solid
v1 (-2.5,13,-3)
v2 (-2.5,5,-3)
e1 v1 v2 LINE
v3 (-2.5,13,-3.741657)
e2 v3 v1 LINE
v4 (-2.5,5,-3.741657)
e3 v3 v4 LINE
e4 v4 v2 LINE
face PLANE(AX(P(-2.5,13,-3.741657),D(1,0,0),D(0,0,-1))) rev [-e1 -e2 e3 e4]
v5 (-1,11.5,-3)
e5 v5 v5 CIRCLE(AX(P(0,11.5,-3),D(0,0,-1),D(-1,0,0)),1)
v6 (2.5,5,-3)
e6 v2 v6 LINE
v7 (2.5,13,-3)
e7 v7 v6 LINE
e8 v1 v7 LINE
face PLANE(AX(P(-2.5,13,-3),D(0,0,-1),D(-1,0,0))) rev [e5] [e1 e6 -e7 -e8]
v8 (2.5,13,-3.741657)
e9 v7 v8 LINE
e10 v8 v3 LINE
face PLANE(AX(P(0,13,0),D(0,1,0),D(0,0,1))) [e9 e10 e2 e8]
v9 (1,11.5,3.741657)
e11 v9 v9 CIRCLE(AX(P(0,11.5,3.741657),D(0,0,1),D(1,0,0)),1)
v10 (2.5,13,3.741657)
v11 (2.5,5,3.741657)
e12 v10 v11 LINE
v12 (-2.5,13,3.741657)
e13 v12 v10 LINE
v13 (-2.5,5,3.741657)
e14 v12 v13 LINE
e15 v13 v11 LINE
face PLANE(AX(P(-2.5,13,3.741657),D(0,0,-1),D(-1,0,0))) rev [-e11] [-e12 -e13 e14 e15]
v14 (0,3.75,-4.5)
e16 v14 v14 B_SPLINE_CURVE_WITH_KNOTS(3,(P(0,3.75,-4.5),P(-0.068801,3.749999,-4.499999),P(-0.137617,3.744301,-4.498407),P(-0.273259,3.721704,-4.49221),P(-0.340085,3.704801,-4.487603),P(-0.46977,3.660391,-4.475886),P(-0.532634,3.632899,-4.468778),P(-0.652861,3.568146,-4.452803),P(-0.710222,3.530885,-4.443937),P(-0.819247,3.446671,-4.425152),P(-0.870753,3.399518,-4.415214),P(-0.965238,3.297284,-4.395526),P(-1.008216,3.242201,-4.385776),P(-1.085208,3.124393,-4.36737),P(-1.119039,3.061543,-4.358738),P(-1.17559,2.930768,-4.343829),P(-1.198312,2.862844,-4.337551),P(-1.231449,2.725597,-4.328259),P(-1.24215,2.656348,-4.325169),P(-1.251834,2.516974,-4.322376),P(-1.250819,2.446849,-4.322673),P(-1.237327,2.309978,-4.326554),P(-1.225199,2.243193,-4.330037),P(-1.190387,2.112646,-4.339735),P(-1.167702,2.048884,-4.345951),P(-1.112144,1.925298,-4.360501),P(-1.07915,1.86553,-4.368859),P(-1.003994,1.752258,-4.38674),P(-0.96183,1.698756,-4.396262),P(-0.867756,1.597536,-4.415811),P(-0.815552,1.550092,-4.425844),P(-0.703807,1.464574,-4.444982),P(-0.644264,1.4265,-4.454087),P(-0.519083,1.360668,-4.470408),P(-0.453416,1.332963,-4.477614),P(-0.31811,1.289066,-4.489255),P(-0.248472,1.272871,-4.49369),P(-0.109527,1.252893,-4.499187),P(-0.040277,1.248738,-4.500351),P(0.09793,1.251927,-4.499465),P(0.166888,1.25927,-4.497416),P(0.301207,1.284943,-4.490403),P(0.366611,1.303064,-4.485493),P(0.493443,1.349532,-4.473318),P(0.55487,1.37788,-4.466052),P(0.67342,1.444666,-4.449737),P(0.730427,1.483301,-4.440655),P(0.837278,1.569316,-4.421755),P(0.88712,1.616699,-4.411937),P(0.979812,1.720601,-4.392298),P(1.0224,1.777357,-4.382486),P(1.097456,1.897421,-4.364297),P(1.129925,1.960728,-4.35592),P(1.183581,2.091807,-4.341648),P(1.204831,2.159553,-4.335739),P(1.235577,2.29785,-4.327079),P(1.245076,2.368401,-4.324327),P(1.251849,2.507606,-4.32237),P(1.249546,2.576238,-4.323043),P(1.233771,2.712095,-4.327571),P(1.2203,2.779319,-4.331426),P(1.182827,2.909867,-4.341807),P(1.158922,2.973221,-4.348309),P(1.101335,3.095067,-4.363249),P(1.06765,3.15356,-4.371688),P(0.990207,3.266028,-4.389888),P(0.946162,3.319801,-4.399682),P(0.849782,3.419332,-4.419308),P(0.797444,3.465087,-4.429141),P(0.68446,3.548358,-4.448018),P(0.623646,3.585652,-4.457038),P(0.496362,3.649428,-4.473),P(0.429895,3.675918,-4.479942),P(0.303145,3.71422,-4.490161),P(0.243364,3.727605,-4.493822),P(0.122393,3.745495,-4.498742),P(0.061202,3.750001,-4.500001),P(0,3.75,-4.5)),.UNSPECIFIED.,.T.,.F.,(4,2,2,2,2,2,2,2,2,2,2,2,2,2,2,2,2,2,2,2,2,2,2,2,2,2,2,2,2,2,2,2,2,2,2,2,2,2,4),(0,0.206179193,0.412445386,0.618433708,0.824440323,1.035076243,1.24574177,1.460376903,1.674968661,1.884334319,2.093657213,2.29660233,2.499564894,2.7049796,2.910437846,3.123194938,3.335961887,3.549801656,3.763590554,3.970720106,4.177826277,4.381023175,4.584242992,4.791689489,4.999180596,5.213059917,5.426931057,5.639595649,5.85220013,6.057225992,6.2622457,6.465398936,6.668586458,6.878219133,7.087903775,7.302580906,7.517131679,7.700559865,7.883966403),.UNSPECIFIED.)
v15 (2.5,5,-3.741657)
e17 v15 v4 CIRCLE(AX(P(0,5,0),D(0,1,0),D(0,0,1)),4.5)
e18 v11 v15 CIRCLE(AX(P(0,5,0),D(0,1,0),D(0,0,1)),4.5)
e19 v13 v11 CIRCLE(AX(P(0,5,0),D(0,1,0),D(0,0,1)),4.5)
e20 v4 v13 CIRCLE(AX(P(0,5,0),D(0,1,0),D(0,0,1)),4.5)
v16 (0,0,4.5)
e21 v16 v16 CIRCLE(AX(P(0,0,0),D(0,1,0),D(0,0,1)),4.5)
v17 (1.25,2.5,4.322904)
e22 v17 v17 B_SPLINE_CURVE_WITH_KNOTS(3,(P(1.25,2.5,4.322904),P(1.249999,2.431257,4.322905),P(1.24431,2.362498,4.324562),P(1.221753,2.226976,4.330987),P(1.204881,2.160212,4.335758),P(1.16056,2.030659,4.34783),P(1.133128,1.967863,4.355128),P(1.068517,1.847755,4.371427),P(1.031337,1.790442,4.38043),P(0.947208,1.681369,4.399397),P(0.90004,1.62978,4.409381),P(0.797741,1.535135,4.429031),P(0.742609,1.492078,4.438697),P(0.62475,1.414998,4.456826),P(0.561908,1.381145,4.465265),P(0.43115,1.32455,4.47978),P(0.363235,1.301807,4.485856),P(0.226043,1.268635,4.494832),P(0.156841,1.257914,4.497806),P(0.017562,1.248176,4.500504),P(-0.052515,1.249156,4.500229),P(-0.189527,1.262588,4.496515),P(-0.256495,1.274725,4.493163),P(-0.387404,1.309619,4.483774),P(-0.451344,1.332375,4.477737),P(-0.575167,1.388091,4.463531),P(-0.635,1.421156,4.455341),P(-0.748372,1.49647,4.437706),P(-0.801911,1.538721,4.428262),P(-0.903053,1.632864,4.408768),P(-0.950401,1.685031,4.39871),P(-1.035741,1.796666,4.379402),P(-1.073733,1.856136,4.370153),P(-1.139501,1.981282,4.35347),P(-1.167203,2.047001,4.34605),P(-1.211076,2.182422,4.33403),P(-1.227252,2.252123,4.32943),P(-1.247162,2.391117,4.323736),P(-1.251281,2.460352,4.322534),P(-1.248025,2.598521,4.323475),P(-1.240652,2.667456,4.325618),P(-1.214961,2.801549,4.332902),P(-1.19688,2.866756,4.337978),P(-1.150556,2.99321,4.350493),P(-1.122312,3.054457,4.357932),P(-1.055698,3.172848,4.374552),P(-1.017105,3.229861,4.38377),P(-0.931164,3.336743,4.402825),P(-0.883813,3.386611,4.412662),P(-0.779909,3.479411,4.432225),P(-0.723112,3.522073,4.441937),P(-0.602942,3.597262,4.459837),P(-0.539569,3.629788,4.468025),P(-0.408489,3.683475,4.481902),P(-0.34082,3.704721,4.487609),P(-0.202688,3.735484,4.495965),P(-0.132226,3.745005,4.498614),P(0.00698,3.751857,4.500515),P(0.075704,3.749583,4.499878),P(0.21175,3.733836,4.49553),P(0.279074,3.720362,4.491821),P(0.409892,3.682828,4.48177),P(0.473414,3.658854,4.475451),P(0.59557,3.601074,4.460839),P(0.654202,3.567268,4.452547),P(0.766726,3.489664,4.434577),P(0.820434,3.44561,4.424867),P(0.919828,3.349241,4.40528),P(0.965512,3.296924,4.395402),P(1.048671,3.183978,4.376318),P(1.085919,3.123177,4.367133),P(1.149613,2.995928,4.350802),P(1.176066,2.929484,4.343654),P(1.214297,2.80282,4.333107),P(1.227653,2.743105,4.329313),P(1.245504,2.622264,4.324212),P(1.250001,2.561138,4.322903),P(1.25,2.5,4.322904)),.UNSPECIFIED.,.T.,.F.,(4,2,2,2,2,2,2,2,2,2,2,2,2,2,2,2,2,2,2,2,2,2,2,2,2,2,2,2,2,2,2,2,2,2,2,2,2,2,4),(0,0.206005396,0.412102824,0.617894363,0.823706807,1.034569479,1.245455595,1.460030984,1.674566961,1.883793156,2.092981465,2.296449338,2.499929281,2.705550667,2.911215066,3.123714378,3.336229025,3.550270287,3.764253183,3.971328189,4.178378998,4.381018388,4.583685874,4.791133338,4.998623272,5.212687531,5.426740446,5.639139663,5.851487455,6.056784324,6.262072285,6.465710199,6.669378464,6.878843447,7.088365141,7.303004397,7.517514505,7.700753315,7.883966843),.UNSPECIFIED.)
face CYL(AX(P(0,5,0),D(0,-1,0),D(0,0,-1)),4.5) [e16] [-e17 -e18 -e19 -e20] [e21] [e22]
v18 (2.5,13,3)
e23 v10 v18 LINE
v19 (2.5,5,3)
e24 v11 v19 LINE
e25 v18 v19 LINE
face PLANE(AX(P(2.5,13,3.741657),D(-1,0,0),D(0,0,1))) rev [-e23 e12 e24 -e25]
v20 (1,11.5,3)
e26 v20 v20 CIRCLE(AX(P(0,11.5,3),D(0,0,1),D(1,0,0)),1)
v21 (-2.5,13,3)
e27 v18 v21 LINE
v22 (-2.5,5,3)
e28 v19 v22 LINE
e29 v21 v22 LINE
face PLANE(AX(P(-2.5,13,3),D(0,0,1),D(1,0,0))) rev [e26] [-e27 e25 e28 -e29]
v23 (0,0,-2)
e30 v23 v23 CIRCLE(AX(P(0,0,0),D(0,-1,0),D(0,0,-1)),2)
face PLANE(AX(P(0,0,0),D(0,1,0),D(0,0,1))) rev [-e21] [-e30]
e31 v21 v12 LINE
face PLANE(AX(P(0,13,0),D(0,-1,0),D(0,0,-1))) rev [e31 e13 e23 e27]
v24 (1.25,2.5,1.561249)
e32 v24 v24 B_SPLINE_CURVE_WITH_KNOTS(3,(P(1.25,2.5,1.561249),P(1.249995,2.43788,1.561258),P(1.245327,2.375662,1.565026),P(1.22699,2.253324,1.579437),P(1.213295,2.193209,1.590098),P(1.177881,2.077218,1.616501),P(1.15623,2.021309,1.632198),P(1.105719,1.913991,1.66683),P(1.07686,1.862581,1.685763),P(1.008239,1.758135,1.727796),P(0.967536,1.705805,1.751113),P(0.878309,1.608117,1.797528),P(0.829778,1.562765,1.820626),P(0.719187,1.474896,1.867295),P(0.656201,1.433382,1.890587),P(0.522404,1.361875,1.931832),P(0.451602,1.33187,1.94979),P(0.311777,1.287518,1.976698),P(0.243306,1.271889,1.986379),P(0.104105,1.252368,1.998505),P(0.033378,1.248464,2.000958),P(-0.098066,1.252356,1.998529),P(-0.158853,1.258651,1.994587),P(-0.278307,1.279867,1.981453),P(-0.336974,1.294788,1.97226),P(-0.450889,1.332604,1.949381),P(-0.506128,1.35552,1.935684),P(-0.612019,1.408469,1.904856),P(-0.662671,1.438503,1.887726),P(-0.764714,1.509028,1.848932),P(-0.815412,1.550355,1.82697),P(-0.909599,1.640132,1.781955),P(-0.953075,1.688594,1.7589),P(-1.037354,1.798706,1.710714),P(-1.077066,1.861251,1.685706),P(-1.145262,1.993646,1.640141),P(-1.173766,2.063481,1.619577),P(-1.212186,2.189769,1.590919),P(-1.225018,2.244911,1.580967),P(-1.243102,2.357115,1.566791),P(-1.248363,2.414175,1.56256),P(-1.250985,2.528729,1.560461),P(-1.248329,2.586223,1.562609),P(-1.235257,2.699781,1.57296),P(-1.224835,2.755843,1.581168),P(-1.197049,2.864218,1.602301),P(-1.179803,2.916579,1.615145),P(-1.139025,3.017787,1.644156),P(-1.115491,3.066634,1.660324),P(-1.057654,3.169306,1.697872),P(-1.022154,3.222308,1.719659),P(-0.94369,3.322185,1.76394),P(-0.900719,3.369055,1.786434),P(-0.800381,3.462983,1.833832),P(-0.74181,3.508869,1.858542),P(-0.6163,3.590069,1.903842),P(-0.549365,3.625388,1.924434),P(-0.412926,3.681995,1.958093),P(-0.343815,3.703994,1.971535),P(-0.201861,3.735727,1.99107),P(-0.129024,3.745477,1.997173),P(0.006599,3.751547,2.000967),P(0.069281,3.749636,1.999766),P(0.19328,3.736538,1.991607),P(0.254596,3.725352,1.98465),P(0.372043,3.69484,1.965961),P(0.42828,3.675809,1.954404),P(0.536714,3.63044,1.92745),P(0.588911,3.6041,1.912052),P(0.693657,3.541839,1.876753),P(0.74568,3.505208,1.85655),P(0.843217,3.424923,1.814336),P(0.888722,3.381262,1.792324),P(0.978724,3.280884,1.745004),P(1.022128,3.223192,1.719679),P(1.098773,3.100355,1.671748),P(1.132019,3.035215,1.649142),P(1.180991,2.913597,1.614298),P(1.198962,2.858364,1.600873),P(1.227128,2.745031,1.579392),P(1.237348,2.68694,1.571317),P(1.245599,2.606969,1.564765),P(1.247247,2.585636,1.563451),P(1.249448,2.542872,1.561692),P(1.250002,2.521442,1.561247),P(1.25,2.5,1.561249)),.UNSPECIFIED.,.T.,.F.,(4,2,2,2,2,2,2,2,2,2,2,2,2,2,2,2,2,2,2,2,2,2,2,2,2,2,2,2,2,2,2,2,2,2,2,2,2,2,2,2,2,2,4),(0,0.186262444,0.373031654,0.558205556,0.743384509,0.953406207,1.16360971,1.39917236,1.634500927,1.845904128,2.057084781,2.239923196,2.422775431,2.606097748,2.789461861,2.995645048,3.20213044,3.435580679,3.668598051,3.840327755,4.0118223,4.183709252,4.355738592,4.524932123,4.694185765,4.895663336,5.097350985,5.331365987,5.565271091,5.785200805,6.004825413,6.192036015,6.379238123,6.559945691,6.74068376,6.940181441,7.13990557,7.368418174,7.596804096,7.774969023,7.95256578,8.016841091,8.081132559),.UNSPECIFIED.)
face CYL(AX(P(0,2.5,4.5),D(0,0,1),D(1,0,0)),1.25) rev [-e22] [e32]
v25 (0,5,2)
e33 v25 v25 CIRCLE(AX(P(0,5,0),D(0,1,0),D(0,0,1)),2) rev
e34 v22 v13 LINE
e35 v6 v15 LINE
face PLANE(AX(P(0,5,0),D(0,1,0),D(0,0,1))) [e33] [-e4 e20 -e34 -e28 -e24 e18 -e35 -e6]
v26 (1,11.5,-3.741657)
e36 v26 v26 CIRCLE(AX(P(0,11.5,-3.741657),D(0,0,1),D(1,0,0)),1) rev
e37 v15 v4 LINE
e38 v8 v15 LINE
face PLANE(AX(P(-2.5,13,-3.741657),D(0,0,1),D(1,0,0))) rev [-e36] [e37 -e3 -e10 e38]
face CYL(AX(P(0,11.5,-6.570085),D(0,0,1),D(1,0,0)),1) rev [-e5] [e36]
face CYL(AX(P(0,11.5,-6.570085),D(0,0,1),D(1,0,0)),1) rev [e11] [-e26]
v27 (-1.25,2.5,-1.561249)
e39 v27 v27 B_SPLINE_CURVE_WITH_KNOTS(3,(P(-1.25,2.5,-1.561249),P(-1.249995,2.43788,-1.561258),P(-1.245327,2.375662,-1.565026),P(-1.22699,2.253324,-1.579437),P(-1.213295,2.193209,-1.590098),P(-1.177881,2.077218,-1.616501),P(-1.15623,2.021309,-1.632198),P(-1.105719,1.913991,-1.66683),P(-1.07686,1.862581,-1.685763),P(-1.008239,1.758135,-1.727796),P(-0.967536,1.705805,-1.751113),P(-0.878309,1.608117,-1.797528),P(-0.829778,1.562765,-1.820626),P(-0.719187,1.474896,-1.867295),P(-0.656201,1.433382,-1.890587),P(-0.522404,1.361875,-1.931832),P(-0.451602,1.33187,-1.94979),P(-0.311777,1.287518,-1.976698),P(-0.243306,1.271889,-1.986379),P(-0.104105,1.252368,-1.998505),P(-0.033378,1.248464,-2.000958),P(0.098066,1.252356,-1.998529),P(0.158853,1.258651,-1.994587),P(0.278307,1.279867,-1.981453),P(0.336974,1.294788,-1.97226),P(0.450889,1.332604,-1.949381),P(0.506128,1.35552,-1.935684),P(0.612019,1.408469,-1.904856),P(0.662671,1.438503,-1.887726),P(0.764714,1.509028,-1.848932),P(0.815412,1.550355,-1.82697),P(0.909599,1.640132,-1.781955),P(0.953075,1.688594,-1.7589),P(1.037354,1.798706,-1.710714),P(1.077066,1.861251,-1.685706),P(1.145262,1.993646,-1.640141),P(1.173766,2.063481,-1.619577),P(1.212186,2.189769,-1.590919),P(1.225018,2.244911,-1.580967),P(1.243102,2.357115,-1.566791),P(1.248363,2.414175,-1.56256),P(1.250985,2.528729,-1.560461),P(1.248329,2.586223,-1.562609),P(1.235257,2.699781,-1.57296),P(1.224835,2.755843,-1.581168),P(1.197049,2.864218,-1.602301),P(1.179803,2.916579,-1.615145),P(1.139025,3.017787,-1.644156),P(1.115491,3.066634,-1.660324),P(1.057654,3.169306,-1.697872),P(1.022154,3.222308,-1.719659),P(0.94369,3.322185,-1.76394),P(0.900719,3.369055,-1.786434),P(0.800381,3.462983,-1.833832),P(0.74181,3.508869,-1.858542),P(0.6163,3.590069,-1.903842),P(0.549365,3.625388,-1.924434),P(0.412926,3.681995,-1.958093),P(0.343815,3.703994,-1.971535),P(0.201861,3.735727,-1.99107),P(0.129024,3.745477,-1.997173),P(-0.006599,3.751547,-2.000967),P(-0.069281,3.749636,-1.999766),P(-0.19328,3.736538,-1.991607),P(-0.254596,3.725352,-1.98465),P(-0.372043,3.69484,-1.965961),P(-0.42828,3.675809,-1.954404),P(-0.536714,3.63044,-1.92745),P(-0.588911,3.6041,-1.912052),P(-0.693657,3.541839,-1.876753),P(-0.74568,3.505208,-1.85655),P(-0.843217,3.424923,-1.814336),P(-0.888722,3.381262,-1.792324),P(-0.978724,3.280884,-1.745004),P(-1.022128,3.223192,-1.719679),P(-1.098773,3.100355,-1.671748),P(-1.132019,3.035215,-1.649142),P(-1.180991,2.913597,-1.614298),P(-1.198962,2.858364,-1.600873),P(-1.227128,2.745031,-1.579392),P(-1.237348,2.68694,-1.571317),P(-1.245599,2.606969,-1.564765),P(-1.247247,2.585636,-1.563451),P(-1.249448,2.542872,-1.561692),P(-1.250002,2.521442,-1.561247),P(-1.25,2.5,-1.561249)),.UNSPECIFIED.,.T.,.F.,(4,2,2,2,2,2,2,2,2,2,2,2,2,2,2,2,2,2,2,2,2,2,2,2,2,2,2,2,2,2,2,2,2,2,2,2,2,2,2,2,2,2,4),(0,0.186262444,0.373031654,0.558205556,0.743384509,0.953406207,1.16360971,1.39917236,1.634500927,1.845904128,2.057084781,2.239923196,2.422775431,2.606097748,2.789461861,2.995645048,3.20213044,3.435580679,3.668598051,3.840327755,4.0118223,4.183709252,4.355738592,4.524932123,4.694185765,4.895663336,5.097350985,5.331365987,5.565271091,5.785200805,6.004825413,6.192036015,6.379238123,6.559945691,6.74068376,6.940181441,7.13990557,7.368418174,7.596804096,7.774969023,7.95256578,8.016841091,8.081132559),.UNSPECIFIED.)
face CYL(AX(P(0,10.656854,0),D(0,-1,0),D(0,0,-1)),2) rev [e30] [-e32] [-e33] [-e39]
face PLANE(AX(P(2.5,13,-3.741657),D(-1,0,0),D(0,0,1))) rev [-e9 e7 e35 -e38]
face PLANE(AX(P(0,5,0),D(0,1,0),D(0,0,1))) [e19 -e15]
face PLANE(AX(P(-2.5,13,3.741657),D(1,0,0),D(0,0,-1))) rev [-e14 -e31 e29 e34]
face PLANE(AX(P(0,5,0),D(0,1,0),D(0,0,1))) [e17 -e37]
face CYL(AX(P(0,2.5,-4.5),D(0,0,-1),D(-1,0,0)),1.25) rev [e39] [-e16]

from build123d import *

# Parameters (mm, degrees)
SKETCH2_R           = 4.5
BOSS_EXTRUDE1_DEPTH = 5
SKETCH3_W           = 5
SKETCH3_H           = 0.741657387
BOSS_EXTRUDE2_DEPTH = 8
CUT_EXTRUDE1_REACH  = 18.037
SKETCH4_R           = 1
SKETCH6_R           = 2
CUT_EXTRUDE2_DEPTH  = 5


with BuildPart() as part:
    # Sketch2 → Boss-Extrude1 (new body)
    with BuildSketch(Plane(origin=(0, 0, 0), x_dir=(1, 0, 0), z_dir=(0, 1, 0))):
        with Locations(Location((0, 0, 0), (0, 0, 270))):
            Circle(SKETCH2_R)
    extrude(amount=BOSS_EXTRUDE1_DEPTH)

    # Sketch3 → Boss-Extrude2 (add)
    with BuildSketch(Plane(origin=(0, 5, 0), x_dir=(1, 0, 0), z_dir=(0, 1, 0))):
        with Locations((0, -3.370828694)):
            Rectangle(SKETCH3_W, SKETCH3_H)
        with Locations((0, 3.370828694)):
            Rectangle(SKETCH3_W, SKETCH3_H)
    extrude(amount=BOSS_EXTRUDE2_DEPTH)

    # Cut-Extrude1: up to this face of the body (flat: up to its plane)
    cut_extrude1_end = Plane(part.part.faces().sort_by_distance((0, 9, -3.741657387))[0])
    # Sketch4 → Cut-Extrude1 (cut, up to the picked face)
    with BuildSketch(Plane.XY.offset(3.741657387), mode=Mode.PRIVATE) as cut_extrude1_sk1:
        with Locations((0, 11.5)):
            Circle(SKETCH4_R)
    cut_extrude1_tool1 = split(extrude(cut_extrude1_sk1.sketch, amount=-CUT_EXTRUDE1_REACH, mode=Mode.PRIVATE), bisect_by=cut_extrude1_end, keep=Keep.BOTH, mode=Mode.PRIVATE)
    add(cut_extrude1_tool1.solids().sort_by(Axis((0, 11.5, 3.741657), (0, 0, -1)))[0], mode=Mode.SUBTRACT)

    # Sketch6 → Cut-Extrude2 (cut)
    with BuildSketch(Plane.XZ):
        with Locations(Location((0, 0, 0), (0, 0, 270))):
            Circle(SKETCH6_R)
    extrude(amount=-CUT_EXTRUDE2_DEPTH, mode=Mode.SUBTRACT)

    # Sketch9 → M3x0.5 Tapped Hole2 (revolve, cut)
    with BuildSketch(Plane(origin=(0, 2.5, 4.5), x_dir=(0, -1, 0), z_dir=(1, 0, 0))):
        Polygon((0, 0), (0, 4.499), (1.25, 3.747924226), (1.25, 0), align=None)
    m3x0_5_tapped_hole2 = revolve(axis=Axis((0, 2.5, 10.85), (0, 0, -1)), mode=Mode.SUBTRACT)

    # Mirror1: M3x0.5 Tapped Hole2 across plane
    add(m3x0_5_tapped_hole2.mirror(Plane.XY), mode=Mode.SUBTRACT)


solid = part.part
